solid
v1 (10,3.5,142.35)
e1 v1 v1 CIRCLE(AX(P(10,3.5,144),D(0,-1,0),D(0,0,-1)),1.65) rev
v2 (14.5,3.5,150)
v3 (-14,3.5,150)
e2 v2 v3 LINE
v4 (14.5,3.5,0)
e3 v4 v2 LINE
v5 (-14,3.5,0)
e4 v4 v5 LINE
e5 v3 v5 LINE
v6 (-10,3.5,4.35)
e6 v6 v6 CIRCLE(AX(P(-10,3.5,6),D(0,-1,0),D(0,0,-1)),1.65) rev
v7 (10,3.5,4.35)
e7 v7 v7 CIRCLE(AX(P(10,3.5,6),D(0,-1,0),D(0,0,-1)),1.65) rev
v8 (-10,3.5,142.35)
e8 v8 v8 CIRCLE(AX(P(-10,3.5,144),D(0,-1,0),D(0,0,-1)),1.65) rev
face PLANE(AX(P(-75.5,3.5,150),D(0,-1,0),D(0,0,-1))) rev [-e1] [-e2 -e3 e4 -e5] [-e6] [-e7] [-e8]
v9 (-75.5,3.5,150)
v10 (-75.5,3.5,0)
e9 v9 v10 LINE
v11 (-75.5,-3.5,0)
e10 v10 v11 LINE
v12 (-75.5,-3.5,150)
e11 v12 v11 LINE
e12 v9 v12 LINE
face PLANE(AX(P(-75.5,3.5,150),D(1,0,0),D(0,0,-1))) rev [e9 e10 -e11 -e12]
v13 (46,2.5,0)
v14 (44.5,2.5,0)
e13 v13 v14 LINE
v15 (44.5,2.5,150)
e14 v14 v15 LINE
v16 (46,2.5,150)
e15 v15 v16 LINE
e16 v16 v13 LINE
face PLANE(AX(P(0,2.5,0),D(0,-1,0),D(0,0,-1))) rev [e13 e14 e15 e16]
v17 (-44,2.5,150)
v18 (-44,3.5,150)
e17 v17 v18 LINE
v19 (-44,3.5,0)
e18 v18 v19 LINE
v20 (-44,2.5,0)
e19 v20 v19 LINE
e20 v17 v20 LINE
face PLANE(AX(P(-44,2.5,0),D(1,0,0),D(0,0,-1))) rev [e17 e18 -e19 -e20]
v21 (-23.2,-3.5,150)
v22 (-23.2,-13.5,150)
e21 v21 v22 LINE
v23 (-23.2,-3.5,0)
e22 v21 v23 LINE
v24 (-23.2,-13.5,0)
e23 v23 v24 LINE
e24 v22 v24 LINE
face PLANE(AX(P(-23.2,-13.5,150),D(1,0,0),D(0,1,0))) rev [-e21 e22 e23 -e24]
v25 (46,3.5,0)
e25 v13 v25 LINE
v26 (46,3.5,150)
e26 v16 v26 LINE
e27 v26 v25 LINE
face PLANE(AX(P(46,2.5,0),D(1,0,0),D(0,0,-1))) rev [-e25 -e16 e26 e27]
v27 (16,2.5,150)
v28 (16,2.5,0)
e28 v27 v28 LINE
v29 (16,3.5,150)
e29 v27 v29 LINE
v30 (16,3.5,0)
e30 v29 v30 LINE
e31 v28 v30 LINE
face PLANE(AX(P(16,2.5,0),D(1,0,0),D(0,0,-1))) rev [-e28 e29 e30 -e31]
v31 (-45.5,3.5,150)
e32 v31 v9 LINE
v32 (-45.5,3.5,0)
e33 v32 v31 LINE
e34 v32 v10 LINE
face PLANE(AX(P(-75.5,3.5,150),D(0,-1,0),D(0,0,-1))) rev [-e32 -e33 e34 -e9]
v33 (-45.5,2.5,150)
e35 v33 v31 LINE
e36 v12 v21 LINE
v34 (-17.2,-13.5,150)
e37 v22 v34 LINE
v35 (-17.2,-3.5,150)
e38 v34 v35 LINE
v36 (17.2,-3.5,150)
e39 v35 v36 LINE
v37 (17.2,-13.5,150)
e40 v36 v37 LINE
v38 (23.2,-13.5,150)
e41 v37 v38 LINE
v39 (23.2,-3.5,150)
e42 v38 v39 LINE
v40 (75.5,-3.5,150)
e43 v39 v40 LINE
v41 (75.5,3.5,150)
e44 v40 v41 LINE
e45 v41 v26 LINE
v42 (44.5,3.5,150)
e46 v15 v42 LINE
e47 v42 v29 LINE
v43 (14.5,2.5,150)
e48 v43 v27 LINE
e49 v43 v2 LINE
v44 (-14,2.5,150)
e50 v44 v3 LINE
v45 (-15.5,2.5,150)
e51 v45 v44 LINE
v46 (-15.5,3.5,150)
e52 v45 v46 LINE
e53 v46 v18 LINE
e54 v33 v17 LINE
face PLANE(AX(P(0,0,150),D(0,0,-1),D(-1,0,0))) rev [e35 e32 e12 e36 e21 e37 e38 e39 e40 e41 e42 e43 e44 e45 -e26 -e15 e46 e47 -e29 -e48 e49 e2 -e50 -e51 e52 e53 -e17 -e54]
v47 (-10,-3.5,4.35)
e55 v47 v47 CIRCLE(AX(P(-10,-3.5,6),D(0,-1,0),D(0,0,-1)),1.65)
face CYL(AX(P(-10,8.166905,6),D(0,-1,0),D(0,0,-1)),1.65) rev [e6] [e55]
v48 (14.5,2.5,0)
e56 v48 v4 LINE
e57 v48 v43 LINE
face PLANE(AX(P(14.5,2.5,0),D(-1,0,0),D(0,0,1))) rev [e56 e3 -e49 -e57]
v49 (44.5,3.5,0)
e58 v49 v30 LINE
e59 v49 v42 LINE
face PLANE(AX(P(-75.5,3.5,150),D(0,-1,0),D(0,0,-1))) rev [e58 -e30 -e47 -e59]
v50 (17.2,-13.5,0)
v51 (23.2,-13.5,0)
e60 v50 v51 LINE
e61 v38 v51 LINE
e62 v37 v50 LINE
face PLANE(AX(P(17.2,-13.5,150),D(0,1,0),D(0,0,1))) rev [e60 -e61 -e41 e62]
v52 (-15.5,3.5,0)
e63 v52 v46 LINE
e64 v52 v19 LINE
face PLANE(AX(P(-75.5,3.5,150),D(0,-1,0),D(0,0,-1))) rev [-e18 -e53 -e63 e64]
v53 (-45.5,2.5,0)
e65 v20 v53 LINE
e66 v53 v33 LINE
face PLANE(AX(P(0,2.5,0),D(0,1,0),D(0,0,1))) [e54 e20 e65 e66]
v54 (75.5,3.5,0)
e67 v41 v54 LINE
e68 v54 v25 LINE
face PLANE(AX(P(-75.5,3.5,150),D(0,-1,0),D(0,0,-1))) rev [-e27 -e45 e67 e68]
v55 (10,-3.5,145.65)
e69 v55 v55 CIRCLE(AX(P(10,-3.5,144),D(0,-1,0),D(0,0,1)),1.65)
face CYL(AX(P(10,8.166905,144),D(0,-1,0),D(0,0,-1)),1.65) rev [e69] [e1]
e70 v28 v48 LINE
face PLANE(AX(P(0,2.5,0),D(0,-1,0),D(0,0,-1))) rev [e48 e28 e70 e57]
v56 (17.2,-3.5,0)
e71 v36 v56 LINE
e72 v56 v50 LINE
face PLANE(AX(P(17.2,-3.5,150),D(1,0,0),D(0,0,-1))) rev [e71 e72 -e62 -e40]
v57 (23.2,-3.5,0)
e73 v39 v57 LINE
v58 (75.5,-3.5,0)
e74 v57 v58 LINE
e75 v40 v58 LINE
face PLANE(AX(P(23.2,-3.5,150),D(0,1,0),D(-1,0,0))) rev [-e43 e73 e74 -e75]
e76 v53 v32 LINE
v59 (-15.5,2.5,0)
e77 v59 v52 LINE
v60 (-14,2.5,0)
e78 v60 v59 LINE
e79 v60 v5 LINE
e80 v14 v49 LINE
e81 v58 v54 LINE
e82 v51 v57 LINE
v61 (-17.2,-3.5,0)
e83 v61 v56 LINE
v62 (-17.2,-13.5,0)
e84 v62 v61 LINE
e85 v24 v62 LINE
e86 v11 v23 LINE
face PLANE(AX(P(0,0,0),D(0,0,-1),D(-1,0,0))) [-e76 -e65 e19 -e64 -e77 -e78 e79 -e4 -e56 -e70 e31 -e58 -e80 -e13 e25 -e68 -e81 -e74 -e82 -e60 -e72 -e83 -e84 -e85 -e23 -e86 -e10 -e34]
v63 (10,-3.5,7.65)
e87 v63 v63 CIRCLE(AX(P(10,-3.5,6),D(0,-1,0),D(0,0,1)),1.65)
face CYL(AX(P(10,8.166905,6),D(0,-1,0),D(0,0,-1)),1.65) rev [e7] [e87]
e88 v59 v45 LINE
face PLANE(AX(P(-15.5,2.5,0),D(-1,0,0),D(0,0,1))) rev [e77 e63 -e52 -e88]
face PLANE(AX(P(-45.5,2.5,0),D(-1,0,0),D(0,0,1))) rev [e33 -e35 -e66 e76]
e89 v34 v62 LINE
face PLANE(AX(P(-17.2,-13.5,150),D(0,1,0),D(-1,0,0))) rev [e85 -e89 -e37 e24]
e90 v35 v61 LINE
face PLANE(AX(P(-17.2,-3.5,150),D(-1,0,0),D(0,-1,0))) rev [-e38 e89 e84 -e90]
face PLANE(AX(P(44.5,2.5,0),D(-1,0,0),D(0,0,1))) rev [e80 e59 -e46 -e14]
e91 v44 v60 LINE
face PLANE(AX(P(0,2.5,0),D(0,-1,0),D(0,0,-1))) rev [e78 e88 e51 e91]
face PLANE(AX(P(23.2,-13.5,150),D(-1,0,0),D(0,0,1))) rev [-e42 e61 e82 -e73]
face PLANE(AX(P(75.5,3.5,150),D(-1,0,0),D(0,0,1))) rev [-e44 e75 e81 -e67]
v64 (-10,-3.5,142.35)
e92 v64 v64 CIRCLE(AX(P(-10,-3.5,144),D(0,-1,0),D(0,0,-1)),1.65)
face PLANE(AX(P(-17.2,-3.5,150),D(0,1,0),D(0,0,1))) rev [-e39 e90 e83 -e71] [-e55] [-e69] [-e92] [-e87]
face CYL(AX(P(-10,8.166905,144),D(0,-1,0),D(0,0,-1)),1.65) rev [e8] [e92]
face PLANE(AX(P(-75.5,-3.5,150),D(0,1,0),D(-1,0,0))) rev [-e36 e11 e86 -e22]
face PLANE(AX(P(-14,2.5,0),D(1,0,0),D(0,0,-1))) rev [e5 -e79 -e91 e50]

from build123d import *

# Parameters (mm, degrees)
BOSS_EXTRUDE1_DEPTH = 150
SKETCH4_R           = 1.65
CUT_EXTRUDE1_DEPTH  = 7
SKETCH5_W           = 1.5
SKETCH5_H           = 150
CUT_EXTRUDE2_DEPTH  = 1


with BuildPart() as part:
    # Sketch1 → Boss-Extrude1 (new body)
    with BuildSketch(Plane.XY):
        Polygon((-75.5, 3.5), (75.5, 3.5), (75.5, -3.5), (23.2, -3.5), (23.2, -13.5), (17.2, -13.5), (17.2, -3.5), (-17.2, -3.5), (-17.2, -13.5), (-23.2, -13.5), (-23.2, -3.5), (-75.5, -3.5), align=None)
    extrude(amount=BOSS_EXTRUDE1_DEPTH)

    # Sketch4 → Cut-Extrude1 (cut)
    with BuildSketch(Plane.XZ.offset(3.5)):
        with Locations((-10, 6)):
            Circle(SKETCH4_R)
        with Locations((10, 6)):
            Circle(SKETCH4_R)
        with Locations((-10, 144)):
            Circle(SKETCH4_R)
        with Locations((10, 144)):
            Circle(SKETCH4_R)
    extrude(amount=-CUT_EXTRUDE1_DEPTH, mode=Mode.SUBTRACT)

    # Sketch5 → Cut-Extrude2 (cut)
    with BuildSketch(Plane(origin=(0, 3.5, 0), x_dir=(1, 0, 0), z_dir=(0, 1, 0))):
        with Locations((-44.75, -75)):
            Rectangle(SKETCH5_W, SKETCH5_H)
        with Locations((-14.75, -75)):
            Rectangle(SKETCH5_W, SKETCH5_H)
        with Locations((15.25, -75)):
            Rectangle(SKETCH5_W, SKETCH5_H)
        with Locations((45.25, -75)):
            Rectangle(SKETCH5_W, SKETCH5_H)
    extrude(amount=-CUT_EXTRUDE2_DEPTH, mode=Mode.SUBTRACT)


solid = part.part
